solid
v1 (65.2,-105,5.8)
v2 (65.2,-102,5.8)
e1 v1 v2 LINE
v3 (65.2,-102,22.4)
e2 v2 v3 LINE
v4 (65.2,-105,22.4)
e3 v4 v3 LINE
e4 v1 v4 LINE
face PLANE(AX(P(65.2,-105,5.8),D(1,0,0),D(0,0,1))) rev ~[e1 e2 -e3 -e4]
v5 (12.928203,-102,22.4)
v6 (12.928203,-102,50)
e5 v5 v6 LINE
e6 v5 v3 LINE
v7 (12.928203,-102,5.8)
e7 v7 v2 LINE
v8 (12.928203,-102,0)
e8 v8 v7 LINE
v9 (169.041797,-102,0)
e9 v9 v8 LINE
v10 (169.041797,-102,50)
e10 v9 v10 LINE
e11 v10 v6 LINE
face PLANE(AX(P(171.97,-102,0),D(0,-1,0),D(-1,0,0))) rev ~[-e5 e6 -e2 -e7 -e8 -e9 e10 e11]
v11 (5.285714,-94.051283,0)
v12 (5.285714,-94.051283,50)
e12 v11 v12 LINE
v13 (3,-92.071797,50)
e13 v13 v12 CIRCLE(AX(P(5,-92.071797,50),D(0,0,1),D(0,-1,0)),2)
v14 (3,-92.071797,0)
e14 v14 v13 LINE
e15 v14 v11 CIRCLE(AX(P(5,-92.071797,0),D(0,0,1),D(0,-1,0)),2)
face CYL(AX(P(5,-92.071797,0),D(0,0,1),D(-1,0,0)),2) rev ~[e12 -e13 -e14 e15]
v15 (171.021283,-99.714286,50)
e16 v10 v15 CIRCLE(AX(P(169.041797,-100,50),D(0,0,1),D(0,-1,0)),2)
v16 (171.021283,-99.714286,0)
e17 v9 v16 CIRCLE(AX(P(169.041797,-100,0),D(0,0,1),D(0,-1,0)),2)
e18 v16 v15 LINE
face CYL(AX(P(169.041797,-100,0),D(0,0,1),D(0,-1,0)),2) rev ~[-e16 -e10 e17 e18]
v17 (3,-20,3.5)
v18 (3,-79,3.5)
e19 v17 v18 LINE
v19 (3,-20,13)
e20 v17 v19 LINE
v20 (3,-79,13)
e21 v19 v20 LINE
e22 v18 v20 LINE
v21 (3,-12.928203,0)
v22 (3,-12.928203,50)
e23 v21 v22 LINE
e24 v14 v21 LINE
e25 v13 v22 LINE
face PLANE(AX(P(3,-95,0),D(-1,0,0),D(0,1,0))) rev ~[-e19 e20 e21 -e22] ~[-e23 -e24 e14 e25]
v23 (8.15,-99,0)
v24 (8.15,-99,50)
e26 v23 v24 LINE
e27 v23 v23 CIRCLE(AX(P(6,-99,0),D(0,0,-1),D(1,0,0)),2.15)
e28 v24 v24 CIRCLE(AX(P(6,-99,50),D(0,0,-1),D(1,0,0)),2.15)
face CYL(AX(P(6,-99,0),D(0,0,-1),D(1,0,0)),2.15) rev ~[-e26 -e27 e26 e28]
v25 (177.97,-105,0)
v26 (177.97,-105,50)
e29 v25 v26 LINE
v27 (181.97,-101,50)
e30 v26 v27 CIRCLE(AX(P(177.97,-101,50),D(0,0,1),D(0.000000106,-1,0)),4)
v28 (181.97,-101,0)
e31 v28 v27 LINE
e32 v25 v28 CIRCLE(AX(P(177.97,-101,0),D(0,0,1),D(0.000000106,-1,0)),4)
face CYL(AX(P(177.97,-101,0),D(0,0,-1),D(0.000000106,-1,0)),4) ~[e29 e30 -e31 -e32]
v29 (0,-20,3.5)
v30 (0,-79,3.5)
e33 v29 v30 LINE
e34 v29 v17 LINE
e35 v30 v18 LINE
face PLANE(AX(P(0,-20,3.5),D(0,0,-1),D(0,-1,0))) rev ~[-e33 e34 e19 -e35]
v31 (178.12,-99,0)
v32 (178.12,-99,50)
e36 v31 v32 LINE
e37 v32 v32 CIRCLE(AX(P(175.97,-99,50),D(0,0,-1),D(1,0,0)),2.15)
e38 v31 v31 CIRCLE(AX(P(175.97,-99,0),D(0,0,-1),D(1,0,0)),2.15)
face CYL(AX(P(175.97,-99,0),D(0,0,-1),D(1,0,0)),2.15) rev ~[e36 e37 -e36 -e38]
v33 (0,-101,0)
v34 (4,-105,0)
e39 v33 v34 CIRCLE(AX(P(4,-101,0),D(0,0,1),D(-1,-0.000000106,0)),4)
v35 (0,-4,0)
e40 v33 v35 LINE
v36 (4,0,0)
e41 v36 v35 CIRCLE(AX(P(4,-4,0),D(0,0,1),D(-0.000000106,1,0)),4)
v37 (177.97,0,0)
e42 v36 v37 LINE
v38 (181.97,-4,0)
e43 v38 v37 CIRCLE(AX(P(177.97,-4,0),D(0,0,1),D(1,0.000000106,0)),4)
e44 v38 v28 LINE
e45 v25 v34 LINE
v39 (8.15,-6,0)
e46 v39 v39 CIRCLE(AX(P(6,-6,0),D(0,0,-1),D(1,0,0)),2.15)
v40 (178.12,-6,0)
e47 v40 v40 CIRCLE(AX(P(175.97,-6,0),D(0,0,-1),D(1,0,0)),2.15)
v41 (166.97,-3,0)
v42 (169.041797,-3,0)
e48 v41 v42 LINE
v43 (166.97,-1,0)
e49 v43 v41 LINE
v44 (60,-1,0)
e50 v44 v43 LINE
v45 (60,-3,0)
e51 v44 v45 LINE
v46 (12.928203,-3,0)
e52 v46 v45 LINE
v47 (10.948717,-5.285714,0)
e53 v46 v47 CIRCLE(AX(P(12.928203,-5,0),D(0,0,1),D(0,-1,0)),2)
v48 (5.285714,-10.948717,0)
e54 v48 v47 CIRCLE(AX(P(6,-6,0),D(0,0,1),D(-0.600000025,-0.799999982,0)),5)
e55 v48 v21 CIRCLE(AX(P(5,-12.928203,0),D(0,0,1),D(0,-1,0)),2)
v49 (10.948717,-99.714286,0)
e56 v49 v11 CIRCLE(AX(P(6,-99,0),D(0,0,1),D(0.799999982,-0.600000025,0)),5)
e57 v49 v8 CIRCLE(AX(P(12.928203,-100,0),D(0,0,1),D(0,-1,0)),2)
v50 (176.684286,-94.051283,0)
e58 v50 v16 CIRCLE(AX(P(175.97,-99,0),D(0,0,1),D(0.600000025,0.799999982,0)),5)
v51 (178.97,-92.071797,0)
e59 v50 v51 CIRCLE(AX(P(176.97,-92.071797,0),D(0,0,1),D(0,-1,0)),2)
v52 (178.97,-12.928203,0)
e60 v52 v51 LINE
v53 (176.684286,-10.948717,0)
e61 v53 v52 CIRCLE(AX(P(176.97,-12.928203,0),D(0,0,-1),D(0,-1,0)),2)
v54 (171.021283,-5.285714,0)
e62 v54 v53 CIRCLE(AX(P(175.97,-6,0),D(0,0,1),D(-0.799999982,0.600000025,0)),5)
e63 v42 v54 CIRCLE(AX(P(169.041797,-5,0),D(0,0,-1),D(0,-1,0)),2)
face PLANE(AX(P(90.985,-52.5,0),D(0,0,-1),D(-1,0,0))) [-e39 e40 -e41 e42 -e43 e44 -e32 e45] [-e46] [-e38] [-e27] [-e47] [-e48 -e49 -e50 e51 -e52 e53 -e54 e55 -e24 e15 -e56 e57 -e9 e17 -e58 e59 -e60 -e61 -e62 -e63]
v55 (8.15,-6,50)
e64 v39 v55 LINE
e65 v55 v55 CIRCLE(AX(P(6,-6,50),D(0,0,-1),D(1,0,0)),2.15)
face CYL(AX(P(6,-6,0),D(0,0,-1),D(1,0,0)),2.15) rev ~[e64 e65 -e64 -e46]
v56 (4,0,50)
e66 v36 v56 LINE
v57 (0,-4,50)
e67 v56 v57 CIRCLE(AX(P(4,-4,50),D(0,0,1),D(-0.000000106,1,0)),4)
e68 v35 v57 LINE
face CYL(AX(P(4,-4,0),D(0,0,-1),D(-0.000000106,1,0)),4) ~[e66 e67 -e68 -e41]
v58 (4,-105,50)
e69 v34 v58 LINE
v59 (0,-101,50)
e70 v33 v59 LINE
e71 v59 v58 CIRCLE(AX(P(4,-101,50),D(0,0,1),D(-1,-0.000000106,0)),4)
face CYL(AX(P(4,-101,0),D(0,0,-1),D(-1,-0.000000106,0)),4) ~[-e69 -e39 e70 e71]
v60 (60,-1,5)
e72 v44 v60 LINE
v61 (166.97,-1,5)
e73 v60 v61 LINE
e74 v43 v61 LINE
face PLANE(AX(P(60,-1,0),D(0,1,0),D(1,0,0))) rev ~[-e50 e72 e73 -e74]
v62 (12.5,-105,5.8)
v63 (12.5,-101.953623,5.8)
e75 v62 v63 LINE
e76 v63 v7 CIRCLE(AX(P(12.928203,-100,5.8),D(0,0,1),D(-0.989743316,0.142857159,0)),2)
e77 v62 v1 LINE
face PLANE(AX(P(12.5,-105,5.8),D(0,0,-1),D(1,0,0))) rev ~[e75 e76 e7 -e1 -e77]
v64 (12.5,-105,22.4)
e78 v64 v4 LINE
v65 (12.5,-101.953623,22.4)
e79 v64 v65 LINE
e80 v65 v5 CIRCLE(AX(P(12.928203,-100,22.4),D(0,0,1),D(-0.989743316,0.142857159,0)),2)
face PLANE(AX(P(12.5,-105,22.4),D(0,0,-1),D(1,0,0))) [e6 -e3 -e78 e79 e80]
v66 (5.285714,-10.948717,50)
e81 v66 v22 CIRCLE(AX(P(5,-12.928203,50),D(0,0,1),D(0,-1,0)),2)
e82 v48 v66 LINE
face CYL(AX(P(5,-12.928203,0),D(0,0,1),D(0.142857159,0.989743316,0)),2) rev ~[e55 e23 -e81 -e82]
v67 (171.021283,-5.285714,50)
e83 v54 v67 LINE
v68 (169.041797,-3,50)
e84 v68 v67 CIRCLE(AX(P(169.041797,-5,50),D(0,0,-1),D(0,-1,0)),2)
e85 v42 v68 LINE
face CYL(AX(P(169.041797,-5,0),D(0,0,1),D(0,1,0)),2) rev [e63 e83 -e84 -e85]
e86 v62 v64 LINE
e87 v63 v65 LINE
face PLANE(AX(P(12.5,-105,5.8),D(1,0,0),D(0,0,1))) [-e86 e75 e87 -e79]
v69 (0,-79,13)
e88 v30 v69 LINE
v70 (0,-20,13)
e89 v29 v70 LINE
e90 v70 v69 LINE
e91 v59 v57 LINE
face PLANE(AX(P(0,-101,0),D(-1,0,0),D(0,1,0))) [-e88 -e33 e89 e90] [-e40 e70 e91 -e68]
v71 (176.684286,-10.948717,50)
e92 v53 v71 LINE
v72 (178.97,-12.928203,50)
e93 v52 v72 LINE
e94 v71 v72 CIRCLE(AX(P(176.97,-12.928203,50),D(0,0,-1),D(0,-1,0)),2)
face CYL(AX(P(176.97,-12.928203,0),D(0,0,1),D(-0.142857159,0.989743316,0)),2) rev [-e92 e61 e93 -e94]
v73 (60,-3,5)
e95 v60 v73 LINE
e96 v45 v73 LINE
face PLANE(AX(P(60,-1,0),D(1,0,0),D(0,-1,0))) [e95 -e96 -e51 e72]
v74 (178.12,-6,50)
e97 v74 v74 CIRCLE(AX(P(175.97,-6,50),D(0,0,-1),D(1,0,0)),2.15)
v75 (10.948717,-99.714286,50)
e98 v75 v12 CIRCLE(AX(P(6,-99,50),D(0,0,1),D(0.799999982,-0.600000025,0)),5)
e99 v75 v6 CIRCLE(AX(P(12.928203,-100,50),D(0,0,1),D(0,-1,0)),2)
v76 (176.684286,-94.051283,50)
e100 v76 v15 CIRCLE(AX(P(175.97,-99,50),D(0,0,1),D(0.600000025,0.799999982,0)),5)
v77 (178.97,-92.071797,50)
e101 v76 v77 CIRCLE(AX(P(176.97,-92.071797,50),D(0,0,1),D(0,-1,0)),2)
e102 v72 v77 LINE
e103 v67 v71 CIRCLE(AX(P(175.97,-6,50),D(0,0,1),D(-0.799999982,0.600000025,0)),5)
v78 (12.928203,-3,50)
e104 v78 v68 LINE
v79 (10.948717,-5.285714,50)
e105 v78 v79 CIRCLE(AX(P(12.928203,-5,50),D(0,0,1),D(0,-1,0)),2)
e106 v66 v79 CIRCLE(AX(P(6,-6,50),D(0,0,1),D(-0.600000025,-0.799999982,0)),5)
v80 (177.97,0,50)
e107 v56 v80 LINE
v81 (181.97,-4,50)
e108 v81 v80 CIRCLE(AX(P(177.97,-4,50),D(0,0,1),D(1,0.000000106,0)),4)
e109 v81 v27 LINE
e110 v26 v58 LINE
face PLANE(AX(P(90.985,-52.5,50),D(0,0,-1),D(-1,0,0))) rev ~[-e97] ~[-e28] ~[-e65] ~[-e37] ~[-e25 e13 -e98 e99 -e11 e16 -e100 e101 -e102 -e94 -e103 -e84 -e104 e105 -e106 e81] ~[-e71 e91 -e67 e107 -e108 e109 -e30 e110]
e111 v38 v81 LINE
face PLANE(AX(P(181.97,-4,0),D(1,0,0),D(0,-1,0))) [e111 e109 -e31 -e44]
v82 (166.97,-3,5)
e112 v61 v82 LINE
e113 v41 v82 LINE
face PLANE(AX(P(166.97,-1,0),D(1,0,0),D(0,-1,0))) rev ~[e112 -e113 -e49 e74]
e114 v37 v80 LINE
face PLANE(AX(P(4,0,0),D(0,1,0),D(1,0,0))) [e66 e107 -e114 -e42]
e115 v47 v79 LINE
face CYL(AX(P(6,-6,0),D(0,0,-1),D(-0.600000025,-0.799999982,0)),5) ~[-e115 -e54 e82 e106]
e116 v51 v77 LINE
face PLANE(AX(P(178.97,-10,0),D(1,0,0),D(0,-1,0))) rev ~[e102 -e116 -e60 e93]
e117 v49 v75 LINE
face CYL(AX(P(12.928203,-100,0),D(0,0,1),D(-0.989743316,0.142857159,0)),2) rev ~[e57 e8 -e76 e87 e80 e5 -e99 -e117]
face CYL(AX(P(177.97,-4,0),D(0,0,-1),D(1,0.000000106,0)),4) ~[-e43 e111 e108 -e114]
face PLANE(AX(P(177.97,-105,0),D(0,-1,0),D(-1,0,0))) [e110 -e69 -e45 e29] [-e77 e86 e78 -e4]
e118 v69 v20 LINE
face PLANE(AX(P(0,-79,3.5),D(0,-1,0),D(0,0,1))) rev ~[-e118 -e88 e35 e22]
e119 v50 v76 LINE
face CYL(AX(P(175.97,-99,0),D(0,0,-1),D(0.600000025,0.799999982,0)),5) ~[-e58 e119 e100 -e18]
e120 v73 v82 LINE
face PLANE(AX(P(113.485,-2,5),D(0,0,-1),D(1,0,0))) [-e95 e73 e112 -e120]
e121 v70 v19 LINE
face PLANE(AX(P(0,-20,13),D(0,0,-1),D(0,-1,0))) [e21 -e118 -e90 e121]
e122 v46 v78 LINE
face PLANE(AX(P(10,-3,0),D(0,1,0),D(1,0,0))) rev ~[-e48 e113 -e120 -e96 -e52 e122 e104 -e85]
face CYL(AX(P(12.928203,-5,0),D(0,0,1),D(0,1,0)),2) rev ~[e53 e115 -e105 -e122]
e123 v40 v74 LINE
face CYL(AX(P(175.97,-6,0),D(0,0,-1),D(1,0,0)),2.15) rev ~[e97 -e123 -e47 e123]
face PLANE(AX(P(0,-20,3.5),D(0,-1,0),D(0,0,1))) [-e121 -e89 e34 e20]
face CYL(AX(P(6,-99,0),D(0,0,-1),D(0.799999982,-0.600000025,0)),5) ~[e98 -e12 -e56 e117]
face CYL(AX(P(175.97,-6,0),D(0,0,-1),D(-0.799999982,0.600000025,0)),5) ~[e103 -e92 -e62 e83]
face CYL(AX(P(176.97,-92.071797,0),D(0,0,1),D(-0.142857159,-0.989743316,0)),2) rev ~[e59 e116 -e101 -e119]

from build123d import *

# Parameters (mm, degrees)
PAD003_DEPTH    = 50
SKETCH006_W     = 106.97
SKETCH006_H     = 2
POCKET002_DEPTH = 5
SKETCH007_R     = 2.15
POCKET003_DEPTH = 50.001
FILLET001_R     = 2
SKETCH008_W     = 52.7
SKETCH008_H     = 16.6
POCKET004_DEPTH = 5
SKETCH009_W     = 59
SKETCH009_H     = 9.5
POCKET005_DEPTH = 5


with BuildPart() as part:
    # Sketch005 → Pad003 (new body)
    with BuildSketch(Plane.XY):
        with BuildLine():
            Line((4, 0), (177.97, 0))
            ThreePointArc((181.97, -4), (180.798427, -1.171573), (177.97, 0))
            Line((181.97, -4), (181.97, -101))
            ThreePointArc((177.97, -105), (180.798427, -103.828427), (181.97, -101))
            Line((177.97, -105), (4, -105))
            ThreePointArc((0, -101), (1.171573, -103.828427), (4, -105))
            Line((0, -101), (0, -4))
            ThreePointArc((4, 0), (1.171573, -1.171573), (0, -4))
        make_face()
        with BuildLine():
            Line((10, -3), (171.97, -3))
            ThreePointArc((171.97, -3), (172.434466, -9.535534), (178.97, -10))
            Line((178.97, -10), (178.97, -95))
            ThreePointArc((178.97, -95), (172.434466, -95.464466), (171.97, -102))
            Line((171.97, -102), (10, -102))
            ThreePointArc((10, -102), (9.535534, -95.464466), (3, -95))
            Line((3, -95), (3, -10))
            ThreePointArc((3, -10), (9.535534, -9.535534), (10, -3))
        make_face(mode=Mode.SUBTRACT)
    extrude(amount=PAD003_DEPTH)

    # Sketch006 (on Face17 of Pad003) → Pocket002 (cut)
    with BuildSketch(Plane(origin=(0, 0, 0), x_dir=(1, 0, 0), z_dir=(0, 0, -1))):
        with Locations((113.485, 2)):
            Rectangle(SKETCH006_W, SKETCH006_H)
    extrude(amount=-POCKET002_DEPTH, mode=Mode.SUBTRACT)

    # Sketch007 (on Face4 of Pocket002) → Pocket003 (cut, through all)
    with BuildSketch(Plane(origin=(0, 0, 0), x_dir=(1, 0, 0), z_dir=(0, 0, -1))):
        with Locations((6, 99)):
            Circle(SKETCH007_R)
        with Locations((175.97, 99)):
            Circle(SKETCH007_R)
        with Locations((6, 6)):
            Circle(SKETCH007_R)
        with Locations((175.97, 6)):
            Circle(SKETCH007_R)
    extrude(amount=-POCKET003_DEPTH, mode=Mode.SUBTRACT)

    # Fillet001
    fillet001_edges = [part.edges().sort_by_distance(p)[0] for p in [
        (3, -95, 25),
        (10, -102, 25),
        (3, -10, 25),
        (10, -3, 25),
        (171.97, -102, 25),
        (178.97, -95, 25),
        (178.97, -10, 25),
        (171.97, -3, 25),
    ]]
    fillet(fillet001_edges, radius=FILLET001_R)

    # Sketch008 (on Face24 of Fillet001) → Pocket004 (cut)
    with BuildSketch(Plane.XZ.offset(105)):
        with Locations((38.85, 14.1)):
            Rectangle(SKETCH008_W, SKETCH008_H)
    extrude(amount=-POCKET004_DEPTH, mode=Mode.SUBTRACT)

    # Sketch009 (on Face21 of Pocket004) → Pocket005 (cut)
    with BuildSketch(Plane(origin=(0, 0, 0), x_dir=(0, -1, 0), z_dir=(-1, 0, 0))):
        with Locations((49.5, 8.25)):
            Rectangle(SKETCH009_W, SKETCH009_H)
    extrude(amount=-POCKET005_DEPTH, mode=Mode.SUBTRACT)


solid = part.part
